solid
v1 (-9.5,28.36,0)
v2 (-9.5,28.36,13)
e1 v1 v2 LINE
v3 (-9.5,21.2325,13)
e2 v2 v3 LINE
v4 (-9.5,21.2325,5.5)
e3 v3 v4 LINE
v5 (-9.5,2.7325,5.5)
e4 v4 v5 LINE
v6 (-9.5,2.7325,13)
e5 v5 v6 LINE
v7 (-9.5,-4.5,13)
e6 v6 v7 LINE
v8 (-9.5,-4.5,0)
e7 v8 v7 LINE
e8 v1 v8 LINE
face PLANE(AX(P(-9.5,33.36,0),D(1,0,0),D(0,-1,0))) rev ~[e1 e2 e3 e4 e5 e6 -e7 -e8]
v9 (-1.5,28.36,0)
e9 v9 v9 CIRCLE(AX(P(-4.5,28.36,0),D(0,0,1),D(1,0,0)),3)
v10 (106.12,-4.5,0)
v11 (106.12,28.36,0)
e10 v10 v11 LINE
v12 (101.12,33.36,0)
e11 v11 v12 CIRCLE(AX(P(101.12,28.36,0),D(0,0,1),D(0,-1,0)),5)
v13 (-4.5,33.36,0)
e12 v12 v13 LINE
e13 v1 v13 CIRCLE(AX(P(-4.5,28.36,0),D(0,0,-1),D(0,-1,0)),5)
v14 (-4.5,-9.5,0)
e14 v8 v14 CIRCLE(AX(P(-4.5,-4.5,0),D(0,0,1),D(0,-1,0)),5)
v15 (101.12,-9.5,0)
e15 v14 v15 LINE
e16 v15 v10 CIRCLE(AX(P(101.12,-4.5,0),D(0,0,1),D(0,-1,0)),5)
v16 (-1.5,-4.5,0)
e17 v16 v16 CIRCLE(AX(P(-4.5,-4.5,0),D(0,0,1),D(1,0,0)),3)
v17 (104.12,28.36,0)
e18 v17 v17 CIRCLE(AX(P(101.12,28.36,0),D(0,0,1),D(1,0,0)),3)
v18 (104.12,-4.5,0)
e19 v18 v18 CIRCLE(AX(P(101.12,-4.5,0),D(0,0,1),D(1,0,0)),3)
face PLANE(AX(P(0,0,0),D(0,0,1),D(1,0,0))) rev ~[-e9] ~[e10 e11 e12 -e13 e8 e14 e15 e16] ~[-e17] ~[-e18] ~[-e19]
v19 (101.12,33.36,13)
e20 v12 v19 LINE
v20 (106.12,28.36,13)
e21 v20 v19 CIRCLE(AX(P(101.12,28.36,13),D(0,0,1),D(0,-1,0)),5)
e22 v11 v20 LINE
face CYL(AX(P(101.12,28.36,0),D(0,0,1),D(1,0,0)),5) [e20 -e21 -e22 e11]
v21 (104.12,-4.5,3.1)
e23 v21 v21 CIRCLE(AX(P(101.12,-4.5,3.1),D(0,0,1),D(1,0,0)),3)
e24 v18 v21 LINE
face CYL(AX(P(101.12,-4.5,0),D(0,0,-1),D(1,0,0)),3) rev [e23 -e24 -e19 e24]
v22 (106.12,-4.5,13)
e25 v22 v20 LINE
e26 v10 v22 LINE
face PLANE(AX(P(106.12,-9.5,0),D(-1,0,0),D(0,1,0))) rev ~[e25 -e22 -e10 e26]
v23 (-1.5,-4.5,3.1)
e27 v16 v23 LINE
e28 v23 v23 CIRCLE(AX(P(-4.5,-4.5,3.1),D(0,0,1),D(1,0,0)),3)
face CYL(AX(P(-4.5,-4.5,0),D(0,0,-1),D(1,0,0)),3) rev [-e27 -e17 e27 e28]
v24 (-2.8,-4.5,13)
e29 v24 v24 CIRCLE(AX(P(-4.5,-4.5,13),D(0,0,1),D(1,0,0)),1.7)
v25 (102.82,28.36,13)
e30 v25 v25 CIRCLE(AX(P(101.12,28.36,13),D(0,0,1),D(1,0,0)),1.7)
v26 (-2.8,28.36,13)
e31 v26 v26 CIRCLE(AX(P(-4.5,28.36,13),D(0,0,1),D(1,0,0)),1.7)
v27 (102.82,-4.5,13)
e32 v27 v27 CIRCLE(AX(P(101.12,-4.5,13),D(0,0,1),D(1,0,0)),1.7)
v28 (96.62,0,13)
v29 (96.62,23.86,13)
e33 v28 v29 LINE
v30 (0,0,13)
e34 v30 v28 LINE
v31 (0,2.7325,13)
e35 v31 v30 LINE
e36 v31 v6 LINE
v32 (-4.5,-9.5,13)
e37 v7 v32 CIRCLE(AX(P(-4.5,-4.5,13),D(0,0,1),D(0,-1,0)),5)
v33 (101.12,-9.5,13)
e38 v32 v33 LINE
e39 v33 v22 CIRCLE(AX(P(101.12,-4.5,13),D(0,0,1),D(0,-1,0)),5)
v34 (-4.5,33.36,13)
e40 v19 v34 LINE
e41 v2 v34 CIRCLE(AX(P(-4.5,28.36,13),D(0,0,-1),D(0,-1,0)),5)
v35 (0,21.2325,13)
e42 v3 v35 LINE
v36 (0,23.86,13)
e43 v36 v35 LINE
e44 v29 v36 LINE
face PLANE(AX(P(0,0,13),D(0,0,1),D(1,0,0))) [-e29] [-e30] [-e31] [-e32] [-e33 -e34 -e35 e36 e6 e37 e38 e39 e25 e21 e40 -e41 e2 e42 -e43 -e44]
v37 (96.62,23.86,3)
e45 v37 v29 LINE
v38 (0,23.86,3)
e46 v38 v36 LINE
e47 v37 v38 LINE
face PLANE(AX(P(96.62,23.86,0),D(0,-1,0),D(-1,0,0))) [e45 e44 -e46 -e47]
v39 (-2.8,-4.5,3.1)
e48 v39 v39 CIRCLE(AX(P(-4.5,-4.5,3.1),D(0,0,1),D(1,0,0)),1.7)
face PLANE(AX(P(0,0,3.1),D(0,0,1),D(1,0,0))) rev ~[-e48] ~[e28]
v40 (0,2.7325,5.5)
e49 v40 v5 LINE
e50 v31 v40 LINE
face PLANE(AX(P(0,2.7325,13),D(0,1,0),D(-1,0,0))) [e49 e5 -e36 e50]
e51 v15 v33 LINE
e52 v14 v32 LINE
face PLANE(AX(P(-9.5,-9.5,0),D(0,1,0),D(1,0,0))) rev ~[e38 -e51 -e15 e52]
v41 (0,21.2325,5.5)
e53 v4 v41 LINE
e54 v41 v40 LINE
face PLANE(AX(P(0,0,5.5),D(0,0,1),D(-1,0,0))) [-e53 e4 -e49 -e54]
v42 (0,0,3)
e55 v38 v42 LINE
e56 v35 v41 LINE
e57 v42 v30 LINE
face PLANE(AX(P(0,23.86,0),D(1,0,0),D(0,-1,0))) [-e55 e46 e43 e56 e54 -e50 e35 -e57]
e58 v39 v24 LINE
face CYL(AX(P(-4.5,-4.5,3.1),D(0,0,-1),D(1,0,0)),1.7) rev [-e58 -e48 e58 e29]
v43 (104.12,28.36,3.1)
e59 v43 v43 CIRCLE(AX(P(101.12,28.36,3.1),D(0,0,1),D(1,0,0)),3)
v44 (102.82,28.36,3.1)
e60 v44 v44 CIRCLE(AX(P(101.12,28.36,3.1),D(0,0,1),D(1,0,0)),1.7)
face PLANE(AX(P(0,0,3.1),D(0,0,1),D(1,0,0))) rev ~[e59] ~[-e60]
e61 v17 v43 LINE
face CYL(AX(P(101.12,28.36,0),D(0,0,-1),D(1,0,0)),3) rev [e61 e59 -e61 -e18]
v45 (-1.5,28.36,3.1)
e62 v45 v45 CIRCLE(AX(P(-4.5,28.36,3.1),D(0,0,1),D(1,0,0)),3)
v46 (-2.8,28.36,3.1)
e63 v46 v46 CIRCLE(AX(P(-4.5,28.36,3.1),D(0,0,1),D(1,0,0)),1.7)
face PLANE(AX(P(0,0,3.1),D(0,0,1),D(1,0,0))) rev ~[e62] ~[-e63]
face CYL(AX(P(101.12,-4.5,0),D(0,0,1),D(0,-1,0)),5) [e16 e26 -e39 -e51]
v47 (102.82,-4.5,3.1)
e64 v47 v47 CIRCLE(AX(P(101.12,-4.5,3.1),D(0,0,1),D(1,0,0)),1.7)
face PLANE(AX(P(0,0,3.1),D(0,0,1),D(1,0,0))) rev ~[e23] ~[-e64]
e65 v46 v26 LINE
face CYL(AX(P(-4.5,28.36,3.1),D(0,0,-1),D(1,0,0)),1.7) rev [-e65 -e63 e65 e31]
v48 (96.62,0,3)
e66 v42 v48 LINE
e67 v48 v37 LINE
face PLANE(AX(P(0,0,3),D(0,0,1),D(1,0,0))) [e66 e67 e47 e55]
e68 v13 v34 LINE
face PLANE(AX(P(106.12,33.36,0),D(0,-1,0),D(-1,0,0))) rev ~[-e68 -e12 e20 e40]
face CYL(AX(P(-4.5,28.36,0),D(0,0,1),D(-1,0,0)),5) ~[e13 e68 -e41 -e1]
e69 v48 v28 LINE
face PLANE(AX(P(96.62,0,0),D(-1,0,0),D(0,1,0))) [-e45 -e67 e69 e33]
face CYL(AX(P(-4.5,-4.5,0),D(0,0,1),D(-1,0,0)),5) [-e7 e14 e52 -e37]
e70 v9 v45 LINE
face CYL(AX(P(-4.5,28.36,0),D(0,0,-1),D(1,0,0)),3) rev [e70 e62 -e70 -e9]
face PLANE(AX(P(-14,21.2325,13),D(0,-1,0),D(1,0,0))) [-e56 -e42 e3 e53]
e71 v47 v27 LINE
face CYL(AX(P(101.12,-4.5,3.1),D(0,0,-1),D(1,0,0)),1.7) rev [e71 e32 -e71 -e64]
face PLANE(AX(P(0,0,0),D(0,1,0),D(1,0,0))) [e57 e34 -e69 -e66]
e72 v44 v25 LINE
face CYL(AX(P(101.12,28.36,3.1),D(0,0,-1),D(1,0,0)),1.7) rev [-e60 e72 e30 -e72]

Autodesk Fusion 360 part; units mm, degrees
sketch "Sketch1" plane through (0, 0, 0) normal (0, 0, 1) x (1, 0, 0) in component "WeCopy"
  line L0 (0, 0) -> (96.62, 0)
  line L1 (96.62, 0) -> (96.62, 23.86)
  line L2 (96.62, 23.86) -> (0, 23.86)
  line L3 (0, 23.86) -> (0, 0)
  line L4 (-9.5, -9.5) -> (106.12, -9.5)
  line L5 (106.12, -9.5) -> (106.12, 33.36)
  line L6 (106.12, 33.36) -> (-9.5, 33.36)
  line L7 (-9.5, 33.36) -> (-9.5, -9.5)
  circle A0 centre (101.12, 28.36) radius 1.7
  circle A1 centre (101.12, -4.5) radius 1.7
  circle A2 centre (-4.5, 28.36) radius 1.7
  circle A3 centre (-4.5, -4.5) radius 1.7
  circle A4 centre (101.12, 28.36) radius 3
  circle A5 centre (101.12, -4.5) radius 3
  circle A6 centre (-4.5, -4.5) radius 3
  circle A7 centre (-4.5, 28.36) radius 3
  dimension "d1" = 96.62
  dimension "d2" = 23.86
  dimension "d3" = 115.62
  dimension "d4" = 42.86
  dimension "d5" = 9.5
  dimension "d6" = 9.5
  dimension "d7" = 9.5
  dimension "d8" = 9.5
  dimension "d9" = 3.4
  dimension "d10" = 3.4
  dimension "d11" = 3.4
  dimension "d12" = 3.4
  dimension "d13" = 5
  dimension "d14" = 5
  dimension "d15" = 5
  dimension "d16" = 5
  dimension "d17" = 5
  dimension "d18" = 5
  dimension "d19" = 5
  dimension "d20" = 5
  dimension "d21" = 6
  dimension "d22" = 6
  dimension "d23" = 6
  dimension "d24" = 6
extrude "Extrude2" add sketch "Sketch1" along normal blind 9.9 from surface at 3.1 contours A4 | A5 | A6 | A7 makes body 1 at (99.7514, 25.6904, 6.4) makes body 2 at (-1.5037, -4.6495, 9.7) makes body 3 at (101.9325, -1.6121, 9.7) makes body 4 at (-1.5037, 28.2105, 9.7) in component "WeCopy"
extrude "Extrude3" add sketch "Sketch1" along normal blind 13 contours L4 L5 L6 L7 bodies 1 2 3 4 in component "WeCopy"
extrude "Extrude4" add sketch "Sketch1" along normal blind 3 contours L0 L1 L2 L3 bodies 1 in component "WeCopy"
sketch "Sketch2" plane through (0, 0, 3) normal (0, 0, 1) x (-1, 0, 0) in component "WeCopy"
  line L0 (0, -23.86) -> (0, 0)
  line L1 (0, 0) -> (-96.62, 0)
  line L2 (-96.62, 0) -> (-96.62, -23.86)
  line L3 (-96.62, -23.86) -> (0, -23.86)
  line L4 (14, -21.2325) -> (-4.5, -21.2325)
  line L5 (-4.5, -21.2325) -> (-4.5, -2.7325)
  line L6 (-4.5, -2.7325) -> (14, -2.7325)
  line L7 (14, -2.7325) -> (14, -21.2325)
  line L8 (9.5, 9.5) -> (-106.12, 9.5)
  dimension "d35" = 18.5
  dimension "d36" = 18.5
  dimension "d37" = 12.2325
extrude "Extrude5" cut sketch "Sketch2" against normal blind 7.5 from surface at 10 contours L0 L4 L6 L7 bodies 1 in component "WeCopy"
fillet "Fillet1" radius 5 1 edges at (-9.5, 33.36, 6.5) on bodies 1 in component "WeCopy"
fillet "Fillet2" radius 5 1 edges at (-9.5, -9.5, 6.5) on bodies 1 in component "WeCopy"
fillet "Fillet3" radius 5 1 edges at (106.12, -9.5, 6.5) on bodies 1 in component "WeCopy"
fillet "Fillet4" radius 5 1 edges at (106.12, 33.36, 6.5) on bodies 1 in component "WeCopy"
component "WeCopy" placed x (1, 0, 0) y (0, 1, 0) z (0, 0, 1) at (0, 0, 0)
